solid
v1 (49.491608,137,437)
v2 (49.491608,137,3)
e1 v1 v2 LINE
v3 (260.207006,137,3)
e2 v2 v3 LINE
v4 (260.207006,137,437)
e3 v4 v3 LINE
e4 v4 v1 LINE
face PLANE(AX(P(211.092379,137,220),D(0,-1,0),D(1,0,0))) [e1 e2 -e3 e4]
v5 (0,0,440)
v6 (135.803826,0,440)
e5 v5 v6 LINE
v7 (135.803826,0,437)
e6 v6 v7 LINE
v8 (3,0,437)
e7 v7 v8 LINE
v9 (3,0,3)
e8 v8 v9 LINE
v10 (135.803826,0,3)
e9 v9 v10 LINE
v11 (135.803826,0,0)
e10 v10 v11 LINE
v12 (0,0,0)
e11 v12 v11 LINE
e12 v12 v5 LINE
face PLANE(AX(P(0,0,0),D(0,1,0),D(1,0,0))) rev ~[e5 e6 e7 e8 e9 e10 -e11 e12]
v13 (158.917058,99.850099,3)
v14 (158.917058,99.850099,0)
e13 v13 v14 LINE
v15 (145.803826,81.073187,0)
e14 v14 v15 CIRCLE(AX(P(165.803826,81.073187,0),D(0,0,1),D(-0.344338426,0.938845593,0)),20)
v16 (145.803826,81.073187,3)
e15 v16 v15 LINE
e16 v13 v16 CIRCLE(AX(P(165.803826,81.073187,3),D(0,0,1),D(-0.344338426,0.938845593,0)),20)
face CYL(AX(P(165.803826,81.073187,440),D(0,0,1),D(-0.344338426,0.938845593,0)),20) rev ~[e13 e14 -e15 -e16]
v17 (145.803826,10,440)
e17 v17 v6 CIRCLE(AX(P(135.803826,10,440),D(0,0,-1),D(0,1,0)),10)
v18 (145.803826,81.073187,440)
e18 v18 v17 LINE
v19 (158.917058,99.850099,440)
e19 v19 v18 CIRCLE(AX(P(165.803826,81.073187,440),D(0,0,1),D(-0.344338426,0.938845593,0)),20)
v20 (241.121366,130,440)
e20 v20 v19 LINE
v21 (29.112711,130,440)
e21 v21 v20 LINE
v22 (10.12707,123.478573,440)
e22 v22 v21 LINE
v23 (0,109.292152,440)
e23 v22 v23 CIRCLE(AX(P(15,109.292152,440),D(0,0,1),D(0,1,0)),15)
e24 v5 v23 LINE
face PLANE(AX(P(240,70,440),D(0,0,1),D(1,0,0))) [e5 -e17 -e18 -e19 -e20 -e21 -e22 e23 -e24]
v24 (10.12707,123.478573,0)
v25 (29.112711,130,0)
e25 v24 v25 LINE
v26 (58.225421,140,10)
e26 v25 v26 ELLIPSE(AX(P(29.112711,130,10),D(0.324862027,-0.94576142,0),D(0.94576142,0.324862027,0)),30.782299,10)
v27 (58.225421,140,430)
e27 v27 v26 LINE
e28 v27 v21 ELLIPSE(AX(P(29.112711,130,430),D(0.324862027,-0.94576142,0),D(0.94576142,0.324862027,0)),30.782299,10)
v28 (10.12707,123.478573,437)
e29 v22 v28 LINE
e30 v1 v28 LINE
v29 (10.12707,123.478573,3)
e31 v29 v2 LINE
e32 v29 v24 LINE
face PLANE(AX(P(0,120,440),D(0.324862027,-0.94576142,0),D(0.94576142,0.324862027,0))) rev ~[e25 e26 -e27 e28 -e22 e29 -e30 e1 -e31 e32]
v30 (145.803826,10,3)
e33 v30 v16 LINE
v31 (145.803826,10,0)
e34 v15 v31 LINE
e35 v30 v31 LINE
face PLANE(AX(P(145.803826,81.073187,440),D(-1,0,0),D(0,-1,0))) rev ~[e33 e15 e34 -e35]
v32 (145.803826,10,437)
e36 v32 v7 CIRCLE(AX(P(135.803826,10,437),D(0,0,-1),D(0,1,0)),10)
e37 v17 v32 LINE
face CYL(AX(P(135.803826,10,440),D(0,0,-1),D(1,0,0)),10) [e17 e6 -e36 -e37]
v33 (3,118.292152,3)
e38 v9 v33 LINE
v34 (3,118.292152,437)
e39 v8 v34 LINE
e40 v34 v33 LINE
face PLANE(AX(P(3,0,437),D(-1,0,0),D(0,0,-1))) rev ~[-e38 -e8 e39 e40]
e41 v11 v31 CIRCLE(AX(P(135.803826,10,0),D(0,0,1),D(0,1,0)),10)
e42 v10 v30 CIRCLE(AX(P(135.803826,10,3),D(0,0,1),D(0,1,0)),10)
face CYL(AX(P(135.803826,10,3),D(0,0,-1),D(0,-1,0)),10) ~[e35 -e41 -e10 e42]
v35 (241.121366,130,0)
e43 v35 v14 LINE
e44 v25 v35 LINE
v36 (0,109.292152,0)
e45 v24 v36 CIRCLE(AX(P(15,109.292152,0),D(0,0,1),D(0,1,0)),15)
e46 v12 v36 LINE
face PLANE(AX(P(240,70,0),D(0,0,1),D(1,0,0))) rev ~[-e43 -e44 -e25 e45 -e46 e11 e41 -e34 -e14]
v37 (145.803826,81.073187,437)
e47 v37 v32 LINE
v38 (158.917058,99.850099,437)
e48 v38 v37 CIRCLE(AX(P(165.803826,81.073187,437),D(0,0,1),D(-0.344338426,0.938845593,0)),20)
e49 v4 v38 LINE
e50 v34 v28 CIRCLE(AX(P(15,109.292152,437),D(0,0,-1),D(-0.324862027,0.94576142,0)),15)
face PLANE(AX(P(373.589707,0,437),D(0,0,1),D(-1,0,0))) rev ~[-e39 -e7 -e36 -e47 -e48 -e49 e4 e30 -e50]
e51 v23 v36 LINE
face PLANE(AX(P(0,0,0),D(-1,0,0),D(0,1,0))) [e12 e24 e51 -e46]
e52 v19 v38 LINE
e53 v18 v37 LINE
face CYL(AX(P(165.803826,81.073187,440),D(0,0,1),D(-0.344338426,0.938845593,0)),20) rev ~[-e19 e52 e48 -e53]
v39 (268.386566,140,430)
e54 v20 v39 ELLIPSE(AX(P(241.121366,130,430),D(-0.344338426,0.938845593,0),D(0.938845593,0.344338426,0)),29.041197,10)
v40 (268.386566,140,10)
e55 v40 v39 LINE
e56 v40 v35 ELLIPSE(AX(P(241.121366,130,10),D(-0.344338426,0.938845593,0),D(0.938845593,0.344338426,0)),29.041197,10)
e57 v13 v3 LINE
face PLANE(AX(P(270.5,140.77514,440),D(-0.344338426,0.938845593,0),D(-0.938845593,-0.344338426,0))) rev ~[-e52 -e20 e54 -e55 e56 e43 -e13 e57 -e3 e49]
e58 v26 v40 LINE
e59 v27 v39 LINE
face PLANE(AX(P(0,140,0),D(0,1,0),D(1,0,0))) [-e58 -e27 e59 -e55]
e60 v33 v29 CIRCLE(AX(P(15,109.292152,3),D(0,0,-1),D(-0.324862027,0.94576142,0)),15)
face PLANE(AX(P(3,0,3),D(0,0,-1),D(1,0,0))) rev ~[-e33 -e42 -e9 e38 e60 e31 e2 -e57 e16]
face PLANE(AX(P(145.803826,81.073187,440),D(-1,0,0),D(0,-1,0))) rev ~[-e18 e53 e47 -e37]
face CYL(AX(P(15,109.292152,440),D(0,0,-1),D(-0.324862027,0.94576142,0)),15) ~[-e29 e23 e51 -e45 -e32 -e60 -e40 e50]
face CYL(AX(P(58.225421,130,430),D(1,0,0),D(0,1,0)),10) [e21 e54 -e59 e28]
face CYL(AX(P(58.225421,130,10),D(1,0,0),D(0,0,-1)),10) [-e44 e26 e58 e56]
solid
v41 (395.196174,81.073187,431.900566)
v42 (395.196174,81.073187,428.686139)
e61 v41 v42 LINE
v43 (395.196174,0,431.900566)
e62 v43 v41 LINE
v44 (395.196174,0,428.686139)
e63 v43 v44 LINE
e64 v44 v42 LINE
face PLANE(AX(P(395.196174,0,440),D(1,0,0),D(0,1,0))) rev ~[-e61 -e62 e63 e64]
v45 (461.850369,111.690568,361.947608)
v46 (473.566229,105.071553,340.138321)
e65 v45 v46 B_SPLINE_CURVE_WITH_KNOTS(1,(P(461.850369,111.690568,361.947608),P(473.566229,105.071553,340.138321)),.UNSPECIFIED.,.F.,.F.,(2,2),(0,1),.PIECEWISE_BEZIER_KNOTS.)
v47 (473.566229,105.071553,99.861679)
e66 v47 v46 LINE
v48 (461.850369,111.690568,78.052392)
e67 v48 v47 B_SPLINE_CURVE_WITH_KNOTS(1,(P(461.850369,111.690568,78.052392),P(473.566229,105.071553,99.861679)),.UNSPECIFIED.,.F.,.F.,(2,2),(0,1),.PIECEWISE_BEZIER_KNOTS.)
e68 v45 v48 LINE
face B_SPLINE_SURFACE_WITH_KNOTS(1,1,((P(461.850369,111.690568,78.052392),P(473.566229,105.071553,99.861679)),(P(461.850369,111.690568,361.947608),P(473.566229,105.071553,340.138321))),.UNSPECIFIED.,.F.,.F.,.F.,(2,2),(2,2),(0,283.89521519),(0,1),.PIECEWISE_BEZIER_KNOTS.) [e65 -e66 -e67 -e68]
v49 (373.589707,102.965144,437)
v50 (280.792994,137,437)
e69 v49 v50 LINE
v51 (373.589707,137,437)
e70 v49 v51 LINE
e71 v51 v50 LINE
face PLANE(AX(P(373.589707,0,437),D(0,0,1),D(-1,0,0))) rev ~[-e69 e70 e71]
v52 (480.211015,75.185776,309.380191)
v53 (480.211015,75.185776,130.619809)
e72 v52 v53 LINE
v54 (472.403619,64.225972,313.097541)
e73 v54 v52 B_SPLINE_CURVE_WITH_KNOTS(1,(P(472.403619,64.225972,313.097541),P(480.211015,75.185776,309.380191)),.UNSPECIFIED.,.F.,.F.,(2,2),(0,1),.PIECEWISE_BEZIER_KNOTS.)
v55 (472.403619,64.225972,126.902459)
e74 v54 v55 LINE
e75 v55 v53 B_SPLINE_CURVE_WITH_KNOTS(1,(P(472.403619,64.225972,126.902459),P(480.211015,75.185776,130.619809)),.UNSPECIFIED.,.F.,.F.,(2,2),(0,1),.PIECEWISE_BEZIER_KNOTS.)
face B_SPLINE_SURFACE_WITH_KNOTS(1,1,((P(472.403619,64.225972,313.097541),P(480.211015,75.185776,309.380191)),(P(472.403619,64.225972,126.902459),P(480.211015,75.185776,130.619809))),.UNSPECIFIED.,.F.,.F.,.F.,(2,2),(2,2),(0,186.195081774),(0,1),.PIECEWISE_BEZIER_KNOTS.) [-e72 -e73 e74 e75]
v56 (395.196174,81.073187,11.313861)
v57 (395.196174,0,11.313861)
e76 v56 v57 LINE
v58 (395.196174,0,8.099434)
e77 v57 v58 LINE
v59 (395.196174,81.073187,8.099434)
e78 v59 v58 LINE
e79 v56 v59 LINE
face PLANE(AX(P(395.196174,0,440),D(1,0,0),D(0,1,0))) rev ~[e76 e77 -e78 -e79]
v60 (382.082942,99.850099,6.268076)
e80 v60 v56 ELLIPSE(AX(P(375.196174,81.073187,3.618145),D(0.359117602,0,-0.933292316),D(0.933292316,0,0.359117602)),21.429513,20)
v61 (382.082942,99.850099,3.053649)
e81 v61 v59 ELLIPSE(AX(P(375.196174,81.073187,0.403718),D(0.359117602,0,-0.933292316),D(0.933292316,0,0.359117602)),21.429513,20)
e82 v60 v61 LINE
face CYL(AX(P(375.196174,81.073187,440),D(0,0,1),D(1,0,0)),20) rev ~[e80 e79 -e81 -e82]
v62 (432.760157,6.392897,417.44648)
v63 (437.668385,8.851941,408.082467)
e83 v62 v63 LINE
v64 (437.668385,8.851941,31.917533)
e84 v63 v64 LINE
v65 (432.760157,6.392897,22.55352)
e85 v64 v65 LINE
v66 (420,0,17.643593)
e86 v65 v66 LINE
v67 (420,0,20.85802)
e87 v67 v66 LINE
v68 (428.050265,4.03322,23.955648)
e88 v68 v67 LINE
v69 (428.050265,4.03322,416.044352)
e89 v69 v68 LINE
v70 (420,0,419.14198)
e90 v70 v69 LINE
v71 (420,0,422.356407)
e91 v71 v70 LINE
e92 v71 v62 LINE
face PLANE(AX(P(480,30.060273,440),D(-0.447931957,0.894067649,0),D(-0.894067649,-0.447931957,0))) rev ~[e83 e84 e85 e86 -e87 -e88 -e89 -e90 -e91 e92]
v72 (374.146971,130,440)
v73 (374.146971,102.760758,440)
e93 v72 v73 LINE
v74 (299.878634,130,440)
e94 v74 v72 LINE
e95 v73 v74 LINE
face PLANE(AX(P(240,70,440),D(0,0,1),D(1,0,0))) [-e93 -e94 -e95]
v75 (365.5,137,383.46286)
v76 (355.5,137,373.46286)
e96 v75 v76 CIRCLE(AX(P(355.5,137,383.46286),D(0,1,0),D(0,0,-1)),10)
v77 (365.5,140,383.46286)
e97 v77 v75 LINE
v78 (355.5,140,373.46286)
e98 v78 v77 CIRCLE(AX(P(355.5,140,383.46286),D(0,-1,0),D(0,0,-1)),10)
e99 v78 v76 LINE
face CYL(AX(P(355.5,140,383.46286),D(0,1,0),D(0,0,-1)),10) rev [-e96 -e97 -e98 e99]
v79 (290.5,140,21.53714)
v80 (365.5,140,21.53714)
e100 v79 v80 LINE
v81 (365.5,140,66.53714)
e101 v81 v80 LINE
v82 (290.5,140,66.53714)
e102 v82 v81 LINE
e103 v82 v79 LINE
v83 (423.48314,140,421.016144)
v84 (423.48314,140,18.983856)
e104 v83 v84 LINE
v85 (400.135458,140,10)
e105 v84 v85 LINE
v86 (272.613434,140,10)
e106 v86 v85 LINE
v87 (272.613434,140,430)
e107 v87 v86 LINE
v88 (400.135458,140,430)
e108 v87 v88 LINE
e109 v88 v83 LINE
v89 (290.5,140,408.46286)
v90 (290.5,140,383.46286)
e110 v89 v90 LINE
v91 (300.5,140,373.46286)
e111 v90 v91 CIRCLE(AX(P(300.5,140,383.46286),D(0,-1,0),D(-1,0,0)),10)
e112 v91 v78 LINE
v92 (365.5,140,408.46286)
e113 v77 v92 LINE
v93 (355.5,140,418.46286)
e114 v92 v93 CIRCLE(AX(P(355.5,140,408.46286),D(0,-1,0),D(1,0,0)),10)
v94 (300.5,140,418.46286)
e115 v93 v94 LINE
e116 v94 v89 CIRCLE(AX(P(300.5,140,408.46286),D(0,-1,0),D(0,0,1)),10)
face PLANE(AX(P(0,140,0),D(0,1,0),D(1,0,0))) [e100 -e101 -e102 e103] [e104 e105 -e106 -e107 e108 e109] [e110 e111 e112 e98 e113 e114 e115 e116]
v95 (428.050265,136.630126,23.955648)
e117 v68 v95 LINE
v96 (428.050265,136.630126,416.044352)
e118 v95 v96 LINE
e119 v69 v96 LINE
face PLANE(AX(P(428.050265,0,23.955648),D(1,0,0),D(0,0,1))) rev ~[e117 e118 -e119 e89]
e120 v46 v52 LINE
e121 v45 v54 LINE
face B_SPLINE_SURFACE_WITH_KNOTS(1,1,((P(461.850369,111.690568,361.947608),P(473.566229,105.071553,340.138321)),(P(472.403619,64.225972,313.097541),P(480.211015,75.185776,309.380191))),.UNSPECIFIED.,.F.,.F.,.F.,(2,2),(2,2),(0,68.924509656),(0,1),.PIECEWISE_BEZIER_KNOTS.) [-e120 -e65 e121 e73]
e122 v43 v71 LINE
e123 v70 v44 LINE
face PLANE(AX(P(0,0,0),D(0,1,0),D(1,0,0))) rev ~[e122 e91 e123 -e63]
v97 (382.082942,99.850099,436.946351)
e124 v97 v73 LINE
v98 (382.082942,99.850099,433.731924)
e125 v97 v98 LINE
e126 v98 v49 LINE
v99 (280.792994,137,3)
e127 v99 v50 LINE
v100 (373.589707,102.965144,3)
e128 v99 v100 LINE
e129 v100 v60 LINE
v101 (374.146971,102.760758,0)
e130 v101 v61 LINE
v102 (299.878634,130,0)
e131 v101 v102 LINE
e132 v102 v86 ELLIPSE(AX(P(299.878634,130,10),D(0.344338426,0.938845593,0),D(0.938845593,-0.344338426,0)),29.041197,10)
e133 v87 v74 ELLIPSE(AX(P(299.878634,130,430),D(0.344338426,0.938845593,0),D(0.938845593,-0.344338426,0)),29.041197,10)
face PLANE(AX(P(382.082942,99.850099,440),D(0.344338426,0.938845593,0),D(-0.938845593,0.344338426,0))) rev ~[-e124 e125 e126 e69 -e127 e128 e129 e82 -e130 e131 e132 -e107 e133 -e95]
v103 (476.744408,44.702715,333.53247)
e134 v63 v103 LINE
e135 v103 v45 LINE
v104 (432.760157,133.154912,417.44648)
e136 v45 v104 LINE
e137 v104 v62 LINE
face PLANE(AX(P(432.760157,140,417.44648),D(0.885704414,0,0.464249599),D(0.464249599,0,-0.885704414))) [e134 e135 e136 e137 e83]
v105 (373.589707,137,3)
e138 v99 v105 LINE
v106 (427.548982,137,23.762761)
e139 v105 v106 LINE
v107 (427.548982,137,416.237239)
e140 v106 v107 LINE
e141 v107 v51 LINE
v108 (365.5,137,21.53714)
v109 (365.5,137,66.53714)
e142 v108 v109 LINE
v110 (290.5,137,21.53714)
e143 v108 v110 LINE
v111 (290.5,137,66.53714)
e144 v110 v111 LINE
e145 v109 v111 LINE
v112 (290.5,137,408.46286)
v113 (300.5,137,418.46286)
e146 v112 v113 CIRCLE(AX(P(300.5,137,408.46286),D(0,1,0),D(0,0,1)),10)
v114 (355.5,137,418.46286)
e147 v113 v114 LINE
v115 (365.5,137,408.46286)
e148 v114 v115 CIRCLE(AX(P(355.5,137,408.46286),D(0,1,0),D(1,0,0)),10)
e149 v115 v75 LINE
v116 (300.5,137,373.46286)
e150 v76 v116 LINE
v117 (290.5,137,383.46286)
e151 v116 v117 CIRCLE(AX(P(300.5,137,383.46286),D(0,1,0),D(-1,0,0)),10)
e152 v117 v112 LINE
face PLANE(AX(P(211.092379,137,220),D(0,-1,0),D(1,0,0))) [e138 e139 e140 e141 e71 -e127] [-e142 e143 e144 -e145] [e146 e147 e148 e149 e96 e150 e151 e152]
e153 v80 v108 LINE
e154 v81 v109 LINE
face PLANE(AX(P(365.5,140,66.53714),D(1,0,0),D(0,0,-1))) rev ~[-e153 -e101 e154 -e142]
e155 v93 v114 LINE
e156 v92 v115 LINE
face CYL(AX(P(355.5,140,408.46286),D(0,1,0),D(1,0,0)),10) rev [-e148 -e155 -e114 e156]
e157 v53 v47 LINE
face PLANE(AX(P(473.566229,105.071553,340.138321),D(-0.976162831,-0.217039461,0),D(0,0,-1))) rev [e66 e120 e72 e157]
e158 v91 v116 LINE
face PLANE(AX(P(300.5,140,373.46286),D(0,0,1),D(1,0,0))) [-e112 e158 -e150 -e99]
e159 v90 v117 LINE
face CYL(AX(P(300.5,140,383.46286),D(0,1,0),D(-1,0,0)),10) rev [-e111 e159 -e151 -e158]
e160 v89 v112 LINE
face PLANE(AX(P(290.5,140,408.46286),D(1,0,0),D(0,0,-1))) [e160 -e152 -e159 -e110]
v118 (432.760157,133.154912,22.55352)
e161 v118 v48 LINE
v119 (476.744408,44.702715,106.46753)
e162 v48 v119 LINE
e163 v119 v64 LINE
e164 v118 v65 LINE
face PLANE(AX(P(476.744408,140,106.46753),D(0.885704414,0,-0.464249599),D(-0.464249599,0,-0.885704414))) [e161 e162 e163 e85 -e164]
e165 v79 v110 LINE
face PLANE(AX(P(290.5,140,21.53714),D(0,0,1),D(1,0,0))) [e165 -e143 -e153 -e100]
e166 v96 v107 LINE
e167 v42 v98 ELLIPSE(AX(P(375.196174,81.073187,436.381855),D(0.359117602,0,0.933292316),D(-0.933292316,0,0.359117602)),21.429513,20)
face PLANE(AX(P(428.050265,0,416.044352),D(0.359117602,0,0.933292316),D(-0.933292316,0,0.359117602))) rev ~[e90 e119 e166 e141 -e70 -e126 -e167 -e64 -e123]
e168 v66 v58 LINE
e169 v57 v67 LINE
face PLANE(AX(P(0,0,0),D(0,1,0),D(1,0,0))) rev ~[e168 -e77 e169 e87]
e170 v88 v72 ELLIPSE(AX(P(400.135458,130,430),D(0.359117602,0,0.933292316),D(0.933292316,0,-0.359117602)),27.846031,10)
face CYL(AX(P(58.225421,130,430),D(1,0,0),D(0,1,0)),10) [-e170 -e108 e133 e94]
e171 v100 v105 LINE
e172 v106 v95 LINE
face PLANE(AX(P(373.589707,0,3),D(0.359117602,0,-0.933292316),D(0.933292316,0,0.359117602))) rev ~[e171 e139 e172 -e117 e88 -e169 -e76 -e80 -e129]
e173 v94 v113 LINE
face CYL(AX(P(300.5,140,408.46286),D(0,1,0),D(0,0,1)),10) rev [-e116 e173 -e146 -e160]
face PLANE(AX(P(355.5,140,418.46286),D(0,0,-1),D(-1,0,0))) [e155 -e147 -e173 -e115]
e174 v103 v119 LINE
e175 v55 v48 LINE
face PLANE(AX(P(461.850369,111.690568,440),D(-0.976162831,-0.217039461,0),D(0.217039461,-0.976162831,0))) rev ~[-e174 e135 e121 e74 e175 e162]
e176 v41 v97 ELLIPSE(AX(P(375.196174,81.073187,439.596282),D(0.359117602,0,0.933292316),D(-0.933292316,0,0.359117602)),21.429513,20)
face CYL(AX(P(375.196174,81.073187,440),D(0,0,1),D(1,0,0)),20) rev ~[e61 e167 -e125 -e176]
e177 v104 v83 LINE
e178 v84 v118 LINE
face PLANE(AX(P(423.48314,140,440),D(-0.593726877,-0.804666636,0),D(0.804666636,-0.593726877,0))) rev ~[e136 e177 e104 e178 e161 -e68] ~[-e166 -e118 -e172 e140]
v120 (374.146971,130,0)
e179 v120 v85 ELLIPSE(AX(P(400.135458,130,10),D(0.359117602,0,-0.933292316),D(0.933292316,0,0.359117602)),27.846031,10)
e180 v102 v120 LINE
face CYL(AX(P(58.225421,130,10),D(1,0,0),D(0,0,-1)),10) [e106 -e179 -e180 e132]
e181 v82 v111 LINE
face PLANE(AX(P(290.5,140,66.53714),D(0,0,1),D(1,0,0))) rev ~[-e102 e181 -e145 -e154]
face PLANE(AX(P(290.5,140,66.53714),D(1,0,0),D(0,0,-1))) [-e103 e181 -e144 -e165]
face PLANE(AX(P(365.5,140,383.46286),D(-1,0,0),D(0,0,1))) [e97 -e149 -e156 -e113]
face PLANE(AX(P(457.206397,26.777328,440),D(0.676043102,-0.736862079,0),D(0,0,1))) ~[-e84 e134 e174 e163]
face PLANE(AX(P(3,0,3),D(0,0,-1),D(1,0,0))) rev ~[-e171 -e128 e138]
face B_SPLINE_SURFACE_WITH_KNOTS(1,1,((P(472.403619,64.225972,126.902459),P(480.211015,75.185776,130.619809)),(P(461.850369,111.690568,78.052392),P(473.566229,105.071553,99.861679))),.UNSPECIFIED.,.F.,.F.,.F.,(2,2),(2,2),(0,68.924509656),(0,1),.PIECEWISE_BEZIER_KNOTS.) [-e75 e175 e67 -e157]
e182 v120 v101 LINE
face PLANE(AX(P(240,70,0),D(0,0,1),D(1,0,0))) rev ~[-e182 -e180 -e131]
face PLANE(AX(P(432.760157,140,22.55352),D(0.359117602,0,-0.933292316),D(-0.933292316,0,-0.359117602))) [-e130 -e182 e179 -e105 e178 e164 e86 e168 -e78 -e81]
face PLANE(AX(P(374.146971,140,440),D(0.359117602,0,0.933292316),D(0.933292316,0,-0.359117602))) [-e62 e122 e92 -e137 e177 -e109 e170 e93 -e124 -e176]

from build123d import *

# Parameters (mm, degrees)
SKETCH1_W           = 480
SKETCH1_H           = 140
BOSS_EXTRUDE1_DEPTH = 440
CUT_EXTRUDE2_DEPTH  = 441
CHAMFER1_SIZE       = 15
CHAMFER1_SIZE2      = 47.347217079
CUT_EXTRUDE3_DEPTH  = 335
FILLET1_R           = 10
FILLET2_R           = 15
BOSS_EXTRUDE2_DEPTH = 10
BOSS_EXTRUDE2_TAPER = 42
CUT_EXTRUDE4_DEPTH  = 137
SKETCH8_W           = 75
SKETCH8_H           = 45
CUT_EXTRUDE5_DEPTH  = 10
CUT_EXTRUDE6_DEPTH  = 674
CUT_EXTRUDE7_DEPTH  = 441
FILLET3_R           = 10


with BuildPart() as part:
    # Sketch1 → Boss-Extrude1 (new body)
    with BuildSketch(Plane.XY):
        with Locations((240, 70)):
            Rectangle(SKETCH1_W, SKETCH1_H)
    extrude(amount=BOSS_EXTRUDE1_DEPTH)

    # Sketch3 → Cut-Extrude2 (cut, through all)
    with BuildSketch(Plane.XY.offset(440)):
        Polygon((0, 120), (58.225421292, 140), (423.483139802, 140), (461.850368806, 111.690568425), (480, 30.060272778), (420, 0), (591.519627261, 0), (591.519627261, 186.002843458), (0, 186.002843458), align=None)
    extrude(amount=-CUT_EXTRUDE2_DEPTH, mode=Mode.SUBTRACT)

    # Chamfer1
    chamfer1_edges = [part.edges().sort_by_distance(p)[0] for p in [
        (480, 30.060272778, 220),
    ]]
    chamfer1_side = [part.faces().sort_by_distance(p)[0] for p in [
        (470.925184403, 70.875420602, 220),
    ]]
    chamfer(chamfer1_edges, length=CHAMFER1_SIZE, length2=CHAMFER1_SIZE2, reference=chamfer1_side[0])

    # Sketch4 → Cut-Extrude3 (cut)
    with BuildSketch(Plane(origin=(0, 140, 0), x_dir=(1, 0, 0), z_dir=(0, 1, 0))):
        Polygon((476.744408085, -333.53246978), (476.744408085, -106.46753022), (432.760156683, -22.553519937), (374.146970562, 0), (571.445259905, 0), (571.445259905, -440), (374.146970562, -440), (432.760156683, -417.446480063), align=None)
    extrude(amount=-CUT_EXTRUDE3_DEPTH, mode=Mode.SUBTRACT)

    # Fillet1
    fillet1_edges = [part.edges().sort_by_distance(p)[0] for p in [
        (216.186195927, 140, 0),
        (216.186195927, 140, 440),
    ]]
    fillet(fillet1_edges, radius=FILLET1_R)

    # Fillet2
    fillet2_edges = [part.edges().sort_by_distance(p)[0] for p in [
        (0, 120, 220),
    ]]
    fillet(fillet2_edges, radius=FILLET2_R)

    # Sketch6 → Boss-Extrude2 (add)
    with BuildSketch(Plane(origin=(463.757804126, 103.111633269, 0), x_dir=(0, 0, -1), z_dir=(0.976162831, 0.217039461, 0))):
        Polygon((-361.947607595, 8.788426361), (-313.097540887, -39.835220293), (-126.902459113, -39.835220293), (-78.052392405, 8.788426361), align=None)
    extrude(amount=BOSS_EXTRUDE2_DEPTH, taper=BOSS_EXTRUDE2_TAPER)

    # Sketch7 → Cut-Extrude4 (cut)
    with BuildSketch(Plane.XZ):
        Polygon((428.050265386, 416.044352233), (373.589707288, 437), (3, 437), (3, 3), (373.589707288, 3), (428.050265386, 23.955647767), align=None)
    extrude(amount=-CUT_EXTRUDE4_DEPTH, mode=Mode.SUBTRACT)

    # Sketch8 → Cut-Extrude5 (cut)
    with BuildSketch(Plane(origin=(0, 140, 0), x_dir=(1, 0, 0), z_dir=(0, 1, 0))):
        with BuildLine():
            Line((300.5, -373.462859875), (355.5, -373.462859875))
            ThreePointArc((355.5, -373.462859875), (362.571067812, -376.391792064), (365.5, -383.462859875))
            Line((365.5, -383.462859875), (365.5, -408.462859875))
            ThreePointArc((365.5, -408.462859875), (362.571067812, -415.533927687), (355.5, -418.462859875))
            Line((355.5, -418.462859875), (300.5, -418.462859875))
            ThreePointArc((300.5, -418.462859875), (293.428932188, -415.533927687), (290.5, -408.462859875))
            Line((290.5, -408.462859875), (290.5, -383.462859875))
            ThreePointArc((290.5, -383.462859875), (293.428932188, -376.391792064), (300.5, -373.462859875))
        make_face()
        with Locations((328, -44.037140125)):
            Rectangle(SKETCH8_W, SKETCH8_H)
    extrude(amount=-CUT_EXTRUDE5_DEPTH, mode=Mode.SUBTRACT)

    # Sketch9 → Cut-Extrude6 (cut)
    with BuildSketch(Plane.XY.offset(440)):
        with BuildLine():
            Line((270.5, 140.775139833), (158.917057954, 99.850098536))
            ThreePointArc((158.917057954, 99.850098536), (149.406641197, 92.524488549), (145.803826482, 81.07318667))
            Line((145.803826482, 81.07318667), (145.803826482, 0))
            Line((145.803826482, 0), (395.196173518, 0))
            Line((395.196173518, 0), (395.196173518, 81.07318667))
            ThreePointArc((395.196173518, 81.07318667), (391.593358803, 92.524488549), (382.082942046, 99.850098536))
            Line((382.082942046, 99.850098536), (270.5, 140.775139833))
        make_face()
    extrude(amount=-CUT_EXTRUDE6_DEPTH, mode=Mode.SUBTRACT)

    # Sketch10 → Cut-Extrude7 (cut, through all)
    with BuildSketch(Plane.XY.offset(440)):
        with BuildLine():
            Line((360.196173518, 33.996583279), (319.600106703, 53.851341534))
            ThreePointArc((319.600106703, 53.851341534), (323.689977769, 50.162754432), (325.206613776, 44.8681784))
            Line((325.206613776, 44.8681784), (325.206613776, 0))
            Line((325.206613776, 0), (360.196173518, 0))
            Line((360.196173518, 0), (360.196173518, 33.996583279))
        make_face()
    extrude(amount=-CUT_EXTRUDE7_DEPTH, mode=Mode.SUBTRACT)

    # Fillet3
    fillet3_edges = [part.edges().sort_by_distance(p)[0] for p in [
        (145.803826482, 0, 1.5),
        (145.803826482, 0, 438.5),
    ]]
    fillet(fillet3_edges, radius=FILLET3_R)


solid = part.part
